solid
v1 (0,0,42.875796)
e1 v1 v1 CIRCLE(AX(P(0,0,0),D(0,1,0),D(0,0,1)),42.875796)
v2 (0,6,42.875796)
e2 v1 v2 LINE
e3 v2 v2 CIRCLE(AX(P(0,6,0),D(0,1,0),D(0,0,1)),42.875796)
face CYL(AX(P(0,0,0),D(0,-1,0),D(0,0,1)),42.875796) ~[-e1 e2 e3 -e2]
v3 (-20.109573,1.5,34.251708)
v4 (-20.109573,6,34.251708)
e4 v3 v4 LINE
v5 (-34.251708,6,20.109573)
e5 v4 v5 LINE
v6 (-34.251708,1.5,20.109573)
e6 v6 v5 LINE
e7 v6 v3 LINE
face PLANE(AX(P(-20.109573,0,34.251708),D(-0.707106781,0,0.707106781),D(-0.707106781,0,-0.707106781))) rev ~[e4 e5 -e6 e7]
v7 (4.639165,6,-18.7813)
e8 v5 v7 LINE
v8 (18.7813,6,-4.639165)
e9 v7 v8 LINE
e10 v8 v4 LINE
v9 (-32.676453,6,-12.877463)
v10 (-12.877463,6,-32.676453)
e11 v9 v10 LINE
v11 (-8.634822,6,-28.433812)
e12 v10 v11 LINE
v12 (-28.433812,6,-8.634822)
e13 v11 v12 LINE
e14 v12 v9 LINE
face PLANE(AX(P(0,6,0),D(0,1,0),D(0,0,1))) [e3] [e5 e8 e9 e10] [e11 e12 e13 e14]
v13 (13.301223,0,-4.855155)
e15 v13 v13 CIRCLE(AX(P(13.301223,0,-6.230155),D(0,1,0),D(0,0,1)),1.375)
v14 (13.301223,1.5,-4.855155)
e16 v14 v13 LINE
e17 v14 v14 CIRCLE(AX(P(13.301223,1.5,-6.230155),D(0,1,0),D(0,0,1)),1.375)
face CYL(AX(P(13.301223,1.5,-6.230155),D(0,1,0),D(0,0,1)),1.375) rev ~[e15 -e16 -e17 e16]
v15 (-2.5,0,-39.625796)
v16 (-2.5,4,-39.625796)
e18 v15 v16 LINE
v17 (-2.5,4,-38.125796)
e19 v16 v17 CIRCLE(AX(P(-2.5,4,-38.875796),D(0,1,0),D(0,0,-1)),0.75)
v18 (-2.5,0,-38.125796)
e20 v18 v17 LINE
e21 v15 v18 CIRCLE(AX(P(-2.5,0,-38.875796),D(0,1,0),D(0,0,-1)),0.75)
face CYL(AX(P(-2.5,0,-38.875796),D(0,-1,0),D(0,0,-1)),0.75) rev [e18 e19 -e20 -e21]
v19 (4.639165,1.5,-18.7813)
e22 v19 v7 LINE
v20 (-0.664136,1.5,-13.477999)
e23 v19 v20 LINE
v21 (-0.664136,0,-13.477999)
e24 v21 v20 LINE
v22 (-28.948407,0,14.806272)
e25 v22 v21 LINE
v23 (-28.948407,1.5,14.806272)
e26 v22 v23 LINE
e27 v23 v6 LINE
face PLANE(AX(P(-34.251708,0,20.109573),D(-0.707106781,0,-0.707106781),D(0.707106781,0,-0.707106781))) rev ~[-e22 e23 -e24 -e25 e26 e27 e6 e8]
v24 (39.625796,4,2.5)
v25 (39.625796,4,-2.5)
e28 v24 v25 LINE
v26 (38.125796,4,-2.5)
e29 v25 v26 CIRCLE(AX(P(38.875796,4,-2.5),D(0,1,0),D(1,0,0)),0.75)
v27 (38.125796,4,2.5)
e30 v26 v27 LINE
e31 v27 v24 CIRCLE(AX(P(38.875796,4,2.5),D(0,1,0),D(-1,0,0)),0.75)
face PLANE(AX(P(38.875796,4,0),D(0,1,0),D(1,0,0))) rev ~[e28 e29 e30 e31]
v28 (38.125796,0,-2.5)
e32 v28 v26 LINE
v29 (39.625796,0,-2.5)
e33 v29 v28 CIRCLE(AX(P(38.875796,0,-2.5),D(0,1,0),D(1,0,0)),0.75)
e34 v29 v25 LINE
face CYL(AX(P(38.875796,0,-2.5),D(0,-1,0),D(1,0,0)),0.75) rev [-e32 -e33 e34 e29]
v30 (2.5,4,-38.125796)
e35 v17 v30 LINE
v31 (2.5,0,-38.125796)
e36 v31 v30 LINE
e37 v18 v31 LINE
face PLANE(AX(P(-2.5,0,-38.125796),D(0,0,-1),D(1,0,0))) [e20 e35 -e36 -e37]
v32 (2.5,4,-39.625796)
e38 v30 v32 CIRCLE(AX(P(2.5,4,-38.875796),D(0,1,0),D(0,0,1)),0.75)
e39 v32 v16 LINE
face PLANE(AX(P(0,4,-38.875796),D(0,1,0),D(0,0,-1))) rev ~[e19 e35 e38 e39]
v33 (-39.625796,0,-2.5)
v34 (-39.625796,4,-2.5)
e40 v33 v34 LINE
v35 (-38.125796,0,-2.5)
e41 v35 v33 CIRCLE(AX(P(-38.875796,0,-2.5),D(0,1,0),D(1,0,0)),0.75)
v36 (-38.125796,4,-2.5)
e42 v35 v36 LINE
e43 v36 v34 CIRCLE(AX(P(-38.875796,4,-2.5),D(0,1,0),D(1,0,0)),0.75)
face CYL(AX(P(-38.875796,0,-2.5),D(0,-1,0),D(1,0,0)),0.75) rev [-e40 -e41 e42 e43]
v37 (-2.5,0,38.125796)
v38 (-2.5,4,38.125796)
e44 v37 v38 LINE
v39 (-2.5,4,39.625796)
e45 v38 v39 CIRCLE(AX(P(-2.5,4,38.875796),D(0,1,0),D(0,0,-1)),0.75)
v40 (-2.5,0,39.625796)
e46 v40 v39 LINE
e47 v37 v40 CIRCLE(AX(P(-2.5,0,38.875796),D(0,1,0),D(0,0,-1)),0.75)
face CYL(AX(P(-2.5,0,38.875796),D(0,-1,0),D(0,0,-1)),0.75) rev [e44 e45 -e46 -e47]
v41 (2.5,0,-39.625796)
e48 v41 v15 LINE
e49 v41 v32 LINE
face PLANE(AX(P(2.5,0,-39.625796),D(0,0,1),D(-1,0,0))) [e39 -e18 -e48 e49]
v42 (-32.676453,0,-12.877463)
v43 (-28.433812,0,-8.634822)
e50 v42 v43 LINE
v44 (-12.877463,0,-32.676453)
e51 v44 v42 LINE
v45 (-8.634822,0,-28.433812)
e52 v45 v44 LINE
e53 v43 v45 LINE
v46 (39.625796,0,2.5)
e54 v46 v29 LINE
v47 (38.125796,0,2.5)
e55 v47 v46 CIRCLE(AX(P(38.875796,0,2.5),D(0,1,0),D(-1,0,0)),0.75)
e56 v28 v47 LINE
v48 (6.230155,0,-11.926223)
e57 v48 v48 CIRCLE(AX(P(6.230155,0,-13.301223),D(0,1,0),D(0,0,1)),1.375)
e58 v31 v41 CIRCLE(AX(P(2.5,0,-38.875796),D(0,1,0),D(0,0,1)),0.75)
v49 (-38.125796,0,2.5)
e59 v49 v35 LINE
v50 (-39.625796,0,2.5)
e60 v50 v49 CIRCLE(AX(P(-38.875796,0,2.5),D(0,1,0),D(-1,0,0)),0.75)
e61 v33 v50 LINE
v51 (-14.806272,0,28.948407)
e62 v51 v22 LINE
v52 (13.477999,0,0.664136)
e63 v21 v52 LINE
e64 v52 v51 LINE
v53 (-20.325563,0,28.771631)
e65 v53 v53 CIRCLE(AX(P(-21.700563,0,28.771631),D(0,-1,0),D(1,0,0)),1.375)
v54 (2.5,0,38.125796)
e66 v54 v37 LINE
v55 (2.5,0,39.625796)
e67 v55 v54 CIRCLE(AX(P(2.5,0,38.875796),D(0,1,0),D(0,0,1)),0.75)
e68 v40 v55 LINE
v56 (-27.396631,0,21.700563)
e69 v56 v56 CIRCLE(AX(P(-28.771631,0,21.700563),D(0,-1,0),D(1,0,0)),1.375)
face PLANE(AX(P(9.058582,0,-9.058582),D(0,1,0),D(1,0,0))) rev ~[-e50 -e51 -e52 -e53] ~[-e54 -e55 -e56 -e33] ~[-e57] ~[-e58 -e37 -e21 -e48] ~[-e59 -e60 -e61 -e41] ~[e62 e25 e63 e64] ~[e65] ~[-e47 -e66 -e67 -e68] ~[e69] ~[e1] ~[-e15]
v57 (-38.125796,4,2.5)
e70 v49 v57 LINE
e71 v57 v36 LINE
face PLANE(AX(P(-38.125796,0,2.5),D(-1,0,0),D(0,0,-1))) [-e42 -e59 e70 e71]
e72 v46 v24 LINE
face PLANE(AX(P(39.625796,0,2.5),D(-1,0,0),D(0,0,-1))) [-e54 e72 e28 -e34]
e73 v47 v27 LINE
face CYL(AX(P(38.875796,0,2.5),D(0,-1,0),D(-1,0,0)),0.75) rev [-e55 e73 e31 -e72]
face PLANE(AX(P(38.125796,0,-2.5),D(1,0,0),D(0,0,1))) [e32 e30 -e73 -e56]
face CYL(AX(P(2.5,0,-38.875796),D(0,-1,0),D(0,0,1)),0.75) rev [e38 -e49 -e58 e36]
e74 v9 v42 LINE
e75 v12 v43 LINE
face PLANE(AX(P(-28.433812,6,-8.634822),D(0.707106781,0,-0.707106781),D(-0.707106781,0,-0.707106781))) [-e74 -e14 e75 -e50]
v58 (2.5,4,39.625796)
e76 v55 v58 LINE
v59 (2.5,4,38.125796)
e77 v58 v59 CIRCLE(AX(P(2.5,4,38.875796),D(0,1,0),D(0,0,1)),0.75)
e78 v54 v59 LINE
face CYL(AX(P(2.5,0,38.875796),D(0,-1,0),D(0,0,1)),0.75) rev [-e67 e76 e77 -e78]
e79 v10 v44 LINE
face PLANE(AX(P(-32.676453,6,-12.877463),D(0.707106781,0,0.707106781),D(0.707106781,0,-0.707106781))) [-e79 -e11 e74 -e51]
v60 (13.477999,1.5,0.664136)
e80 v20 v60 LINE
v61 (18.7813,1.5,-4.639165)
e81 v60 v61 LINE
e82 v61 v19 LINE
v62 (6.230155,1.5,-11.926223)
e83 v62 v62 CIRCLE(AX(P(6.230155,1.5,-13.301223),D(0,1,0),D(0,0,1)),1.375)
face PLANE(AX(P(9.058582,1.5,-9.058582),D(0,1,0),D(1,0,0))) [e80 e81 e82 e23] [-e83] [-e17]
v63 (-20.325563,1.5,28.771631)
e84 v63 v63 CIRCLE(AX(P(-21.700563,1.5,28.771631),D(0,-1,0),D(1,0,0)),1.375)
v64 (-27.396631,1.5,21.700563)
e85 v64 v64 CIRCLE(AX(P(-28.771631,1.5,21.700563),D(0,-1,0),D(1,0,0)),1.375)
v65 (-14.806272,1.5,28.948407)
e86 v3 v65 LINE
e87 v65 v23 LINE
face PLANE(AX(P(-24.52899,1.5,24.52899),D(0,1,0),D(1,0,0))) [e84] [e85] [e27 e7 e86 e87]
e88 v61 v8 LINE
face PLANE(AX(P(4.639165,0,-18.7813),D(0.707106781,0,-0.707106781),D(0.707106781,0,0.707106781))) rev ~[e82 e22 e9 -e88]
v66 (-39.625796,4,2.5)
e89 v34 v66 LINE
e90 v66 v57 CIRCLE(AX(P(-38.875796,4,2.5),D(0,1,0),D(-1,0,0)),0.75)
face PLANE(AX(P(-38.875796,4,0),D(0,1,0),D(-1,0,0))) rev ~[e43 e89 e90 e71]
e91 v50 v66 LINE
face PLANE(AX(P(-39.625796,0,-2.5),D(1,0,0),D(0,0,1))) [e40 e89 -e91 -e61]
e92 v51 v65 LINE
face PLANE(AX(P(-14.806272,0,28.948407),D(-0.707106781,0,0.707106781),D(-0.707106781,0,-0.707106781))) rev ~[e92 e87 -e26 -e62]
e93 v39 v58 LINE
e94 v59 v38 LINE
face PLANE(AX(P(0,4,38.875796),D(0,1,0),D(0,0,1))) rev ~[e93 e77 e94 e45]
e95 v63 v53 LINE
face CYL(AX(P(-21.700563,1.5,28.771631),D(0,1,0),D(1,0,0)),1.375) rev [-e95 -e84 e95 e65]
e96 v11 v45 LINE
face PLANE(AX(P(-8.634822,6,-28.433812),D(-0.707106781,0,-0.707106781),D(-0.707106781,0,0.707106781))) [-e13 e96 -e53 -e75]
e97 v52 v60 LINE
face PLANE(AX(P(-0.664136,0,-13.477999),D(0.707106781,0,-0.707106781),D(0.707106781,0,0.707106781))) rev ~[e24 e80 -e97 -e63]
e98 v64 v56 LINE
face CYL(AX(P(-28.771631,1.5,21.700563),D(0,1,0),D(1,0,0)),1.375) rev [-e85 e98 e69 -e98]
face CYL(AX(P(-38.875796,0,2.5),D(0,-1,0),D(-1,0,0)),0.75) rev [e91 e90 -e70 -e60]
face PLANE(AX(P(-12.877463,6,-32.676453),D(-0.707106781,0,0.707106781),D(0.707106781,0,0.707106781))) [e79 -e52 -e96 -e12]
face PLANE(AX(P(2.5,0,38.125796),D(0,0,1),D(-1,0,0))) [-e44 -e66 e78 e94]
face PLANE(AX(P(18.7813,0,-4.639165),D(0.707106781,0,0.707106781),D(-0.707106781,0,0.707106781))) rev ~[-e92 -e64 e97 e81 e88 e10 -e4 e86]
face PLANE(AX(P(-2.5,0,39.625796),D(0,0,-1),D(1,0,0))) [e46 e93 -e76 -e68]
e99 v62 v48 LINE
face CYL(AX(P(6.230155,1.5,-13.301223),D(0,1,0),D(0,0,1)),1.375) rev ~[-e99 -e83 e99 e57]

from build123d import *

# Parameters (mm, degrees)
SKETCH1_R           = 42.875795621
BOSS_EXTRUDE1_DEPTH = 6
BOSS_EXTRUDE2_DEPTH = 1.5
CUT_EXTRUDE1_REACH  = 62.932
CUT_EXTRUDE2_DEPTH  = 4
CIRPATTERN1_COUNT   = 4
CUT_EXTRUDE3_REACH  = 62.802
SKETCH5_R           = 1.375


with BuildPart() as part:
    # Sketch1 → Boss-Extrude1 (new body)
    with BuildSketch(Plane(origin=(0, 0, 0), x_dir=(1, 0, 0), z_dir=(0, 1, 0))):
        with Locations(Location((0, 0, 0), (0, 0, 270))):
            Circle(SKETCH1_R)
        Polygon((-20.109572639, -34.251708263), (-34.251708263, -20.109572639), (4.639164702, 18.781300326), (18.781300326, 4.639164702), align=None, mode=Mode.SUBTRACT)
    extrude(amount=BOSS_EXTRUDE1_DEPTH)

    # Sketch1<4> → Boss-Extrude2 (add)
    with BuildSketch(Plane(origin=(0, 0, 0), x_dir=(1, 0, 0), z_dir=(0, 1, 0))):
        Polygon((18.781300326, 4.639164702), (4.639164702, 18.781300326), (-0.664136157, 13.477999467), (13.477999467, -0.664136157), align=None)
        Polygon((-14.80627178, -28.948407404), (-28.948407404, -14.80627178), (-34.251708263, -20.109572639), (-20.109572639, -34.251708263), align=None)
    extrude(amount=BOSS_EXTRUDE2_DEPTH)

    # Sketch2 → Cut-Extrude1 (cut, up to next)
    with BuildSketch(Plane(origin=(0, 6, 0), x_dir=(1, 0, 0), z_dir=(0, 1, 0)), mode=Mode.PRIVATE) as cut_extrude1_sk1:
        Polygon((-32.676453, 12.877463126), (-12.877463126, 32.676453), (-8.634822439, 28.433812313), (-28.433812313, 8.634822439), align=None)
    cut_extrude1_tool1 = extrude(cut_extrude1_sk1.sketch, amount=-CUT_EXTRUDE1_REACH, mode=Mode.PRIVATE) & part.part
    add(cut_extrude1_tool1.solids().sort_by_distance((-20.655638, 6, -20.655638))[0], mode=Mode.SUBTRACT)

    # Sketch3 → Cut-Extrude2 (cut)
    with BuildSketch(Plane.XZ):
        with BuildLine():
            Line((-39.625795621, -2.5), (-39.625795621, 2.5))
            ThreePointArc((-39.625795621, 2.5), (-38.875795621, 3.25), (-38.125795621, 2.5))
            Line((-38.125795621, 2.5), (-38.125795621, -2.5))
            ThreePointArc((-38.125795621, -2.5), (-38.875795621, -3.25), (-39.625795621, -2.5))
        make_face()
    cut_extrude2 = extrude(amount=-CUT_EXTRUDE2_DEPTH, mode=Mode.SUBTRACT)

    # CirPattern1: Cut-Extrude2 ×4 about axis
    cirpattern1_axis = Axis((0, 0, 0), (0, 1, 0))
    for i in range(1, CIRPATTERN1_COUNT):
        add(cut_extrude2.rotate(cirpattern1_axis, i * 360 / CIRPATTERN1_COUNT), mode=Mode.SUBTRACT)

    # Sketch5 → Cut-Extrude3 (cut, up to next)
    with BuildSketch(Plane(origin=(0, 1.5, 0), x_dir=(1, 0, 0), z_dir=(0, 1, 0)), mode=Mode.PRIVATE) as cut_extrude3_sk1:
        with Locations(Location((13.301222772, 6.23015496, 0), (0, 0, 270))):
            Circle(SKETCH5_R)
    cut_extrude3_tool1 = extrude(cut_extrude3_sk1.sketch, amount=-CUT_EXTRUDE3_REACH, mode=Mode.PRIVATE) & part.part
    # Sketch5 → Cut-Extrude3 (cut, up to next)
    with BuildSketch(Plane(origin=(0, 1.5, 0), x_dir=(1, 0, 0), z_dir=(0, 1, 0)), mode=Mode.PRIVATE) as cut_extrude3_sk2:
        with Locations(Location((6.23015496, 13.301222772, 0), (0, 0, 270))):
            Circle(SKETCH5_R)
    cut_extrude3_tool2 = extrude(cut_extrude3_sk2.sketch, amount=-CUT_EXTRUDE3_REACH, mode=Mode.PRIVATE) & part.part
    cut_extrude3_1 = cut_extrude3_tool1.solids().sort_by_distance((13.301223, 1.5, -6.230155))[0]
    add(cut_extrude3_1, mode=Mode.SUBTRACT)
    cut_extrude3_2 = cut_extrude3_tool2.solids().sort_by_distance((6.230155, 1.5, -13.301223))[0]
    add(cut_extrude3_2, mode=Mode.SUBTRACT)
    cut_extrude3 = cut_extrude3_1 + cut_extrude3_2  # Cut-Extrude3 as one shape, for the pattern or mirror that repeats it

    # Mirror1: Cut-Extrude3 across plane
    add(cut_extrude3.mirror(Plane(origin=(-7.735203969, 0, 7.735203969), x_dir=(0.7071067811865474, 0, 0.7071067811865478), z_dir=(-0.7071067811865479, 0, 0.7071067811865472))), mode=Mode.SUBTRACT)


solid = part.part
